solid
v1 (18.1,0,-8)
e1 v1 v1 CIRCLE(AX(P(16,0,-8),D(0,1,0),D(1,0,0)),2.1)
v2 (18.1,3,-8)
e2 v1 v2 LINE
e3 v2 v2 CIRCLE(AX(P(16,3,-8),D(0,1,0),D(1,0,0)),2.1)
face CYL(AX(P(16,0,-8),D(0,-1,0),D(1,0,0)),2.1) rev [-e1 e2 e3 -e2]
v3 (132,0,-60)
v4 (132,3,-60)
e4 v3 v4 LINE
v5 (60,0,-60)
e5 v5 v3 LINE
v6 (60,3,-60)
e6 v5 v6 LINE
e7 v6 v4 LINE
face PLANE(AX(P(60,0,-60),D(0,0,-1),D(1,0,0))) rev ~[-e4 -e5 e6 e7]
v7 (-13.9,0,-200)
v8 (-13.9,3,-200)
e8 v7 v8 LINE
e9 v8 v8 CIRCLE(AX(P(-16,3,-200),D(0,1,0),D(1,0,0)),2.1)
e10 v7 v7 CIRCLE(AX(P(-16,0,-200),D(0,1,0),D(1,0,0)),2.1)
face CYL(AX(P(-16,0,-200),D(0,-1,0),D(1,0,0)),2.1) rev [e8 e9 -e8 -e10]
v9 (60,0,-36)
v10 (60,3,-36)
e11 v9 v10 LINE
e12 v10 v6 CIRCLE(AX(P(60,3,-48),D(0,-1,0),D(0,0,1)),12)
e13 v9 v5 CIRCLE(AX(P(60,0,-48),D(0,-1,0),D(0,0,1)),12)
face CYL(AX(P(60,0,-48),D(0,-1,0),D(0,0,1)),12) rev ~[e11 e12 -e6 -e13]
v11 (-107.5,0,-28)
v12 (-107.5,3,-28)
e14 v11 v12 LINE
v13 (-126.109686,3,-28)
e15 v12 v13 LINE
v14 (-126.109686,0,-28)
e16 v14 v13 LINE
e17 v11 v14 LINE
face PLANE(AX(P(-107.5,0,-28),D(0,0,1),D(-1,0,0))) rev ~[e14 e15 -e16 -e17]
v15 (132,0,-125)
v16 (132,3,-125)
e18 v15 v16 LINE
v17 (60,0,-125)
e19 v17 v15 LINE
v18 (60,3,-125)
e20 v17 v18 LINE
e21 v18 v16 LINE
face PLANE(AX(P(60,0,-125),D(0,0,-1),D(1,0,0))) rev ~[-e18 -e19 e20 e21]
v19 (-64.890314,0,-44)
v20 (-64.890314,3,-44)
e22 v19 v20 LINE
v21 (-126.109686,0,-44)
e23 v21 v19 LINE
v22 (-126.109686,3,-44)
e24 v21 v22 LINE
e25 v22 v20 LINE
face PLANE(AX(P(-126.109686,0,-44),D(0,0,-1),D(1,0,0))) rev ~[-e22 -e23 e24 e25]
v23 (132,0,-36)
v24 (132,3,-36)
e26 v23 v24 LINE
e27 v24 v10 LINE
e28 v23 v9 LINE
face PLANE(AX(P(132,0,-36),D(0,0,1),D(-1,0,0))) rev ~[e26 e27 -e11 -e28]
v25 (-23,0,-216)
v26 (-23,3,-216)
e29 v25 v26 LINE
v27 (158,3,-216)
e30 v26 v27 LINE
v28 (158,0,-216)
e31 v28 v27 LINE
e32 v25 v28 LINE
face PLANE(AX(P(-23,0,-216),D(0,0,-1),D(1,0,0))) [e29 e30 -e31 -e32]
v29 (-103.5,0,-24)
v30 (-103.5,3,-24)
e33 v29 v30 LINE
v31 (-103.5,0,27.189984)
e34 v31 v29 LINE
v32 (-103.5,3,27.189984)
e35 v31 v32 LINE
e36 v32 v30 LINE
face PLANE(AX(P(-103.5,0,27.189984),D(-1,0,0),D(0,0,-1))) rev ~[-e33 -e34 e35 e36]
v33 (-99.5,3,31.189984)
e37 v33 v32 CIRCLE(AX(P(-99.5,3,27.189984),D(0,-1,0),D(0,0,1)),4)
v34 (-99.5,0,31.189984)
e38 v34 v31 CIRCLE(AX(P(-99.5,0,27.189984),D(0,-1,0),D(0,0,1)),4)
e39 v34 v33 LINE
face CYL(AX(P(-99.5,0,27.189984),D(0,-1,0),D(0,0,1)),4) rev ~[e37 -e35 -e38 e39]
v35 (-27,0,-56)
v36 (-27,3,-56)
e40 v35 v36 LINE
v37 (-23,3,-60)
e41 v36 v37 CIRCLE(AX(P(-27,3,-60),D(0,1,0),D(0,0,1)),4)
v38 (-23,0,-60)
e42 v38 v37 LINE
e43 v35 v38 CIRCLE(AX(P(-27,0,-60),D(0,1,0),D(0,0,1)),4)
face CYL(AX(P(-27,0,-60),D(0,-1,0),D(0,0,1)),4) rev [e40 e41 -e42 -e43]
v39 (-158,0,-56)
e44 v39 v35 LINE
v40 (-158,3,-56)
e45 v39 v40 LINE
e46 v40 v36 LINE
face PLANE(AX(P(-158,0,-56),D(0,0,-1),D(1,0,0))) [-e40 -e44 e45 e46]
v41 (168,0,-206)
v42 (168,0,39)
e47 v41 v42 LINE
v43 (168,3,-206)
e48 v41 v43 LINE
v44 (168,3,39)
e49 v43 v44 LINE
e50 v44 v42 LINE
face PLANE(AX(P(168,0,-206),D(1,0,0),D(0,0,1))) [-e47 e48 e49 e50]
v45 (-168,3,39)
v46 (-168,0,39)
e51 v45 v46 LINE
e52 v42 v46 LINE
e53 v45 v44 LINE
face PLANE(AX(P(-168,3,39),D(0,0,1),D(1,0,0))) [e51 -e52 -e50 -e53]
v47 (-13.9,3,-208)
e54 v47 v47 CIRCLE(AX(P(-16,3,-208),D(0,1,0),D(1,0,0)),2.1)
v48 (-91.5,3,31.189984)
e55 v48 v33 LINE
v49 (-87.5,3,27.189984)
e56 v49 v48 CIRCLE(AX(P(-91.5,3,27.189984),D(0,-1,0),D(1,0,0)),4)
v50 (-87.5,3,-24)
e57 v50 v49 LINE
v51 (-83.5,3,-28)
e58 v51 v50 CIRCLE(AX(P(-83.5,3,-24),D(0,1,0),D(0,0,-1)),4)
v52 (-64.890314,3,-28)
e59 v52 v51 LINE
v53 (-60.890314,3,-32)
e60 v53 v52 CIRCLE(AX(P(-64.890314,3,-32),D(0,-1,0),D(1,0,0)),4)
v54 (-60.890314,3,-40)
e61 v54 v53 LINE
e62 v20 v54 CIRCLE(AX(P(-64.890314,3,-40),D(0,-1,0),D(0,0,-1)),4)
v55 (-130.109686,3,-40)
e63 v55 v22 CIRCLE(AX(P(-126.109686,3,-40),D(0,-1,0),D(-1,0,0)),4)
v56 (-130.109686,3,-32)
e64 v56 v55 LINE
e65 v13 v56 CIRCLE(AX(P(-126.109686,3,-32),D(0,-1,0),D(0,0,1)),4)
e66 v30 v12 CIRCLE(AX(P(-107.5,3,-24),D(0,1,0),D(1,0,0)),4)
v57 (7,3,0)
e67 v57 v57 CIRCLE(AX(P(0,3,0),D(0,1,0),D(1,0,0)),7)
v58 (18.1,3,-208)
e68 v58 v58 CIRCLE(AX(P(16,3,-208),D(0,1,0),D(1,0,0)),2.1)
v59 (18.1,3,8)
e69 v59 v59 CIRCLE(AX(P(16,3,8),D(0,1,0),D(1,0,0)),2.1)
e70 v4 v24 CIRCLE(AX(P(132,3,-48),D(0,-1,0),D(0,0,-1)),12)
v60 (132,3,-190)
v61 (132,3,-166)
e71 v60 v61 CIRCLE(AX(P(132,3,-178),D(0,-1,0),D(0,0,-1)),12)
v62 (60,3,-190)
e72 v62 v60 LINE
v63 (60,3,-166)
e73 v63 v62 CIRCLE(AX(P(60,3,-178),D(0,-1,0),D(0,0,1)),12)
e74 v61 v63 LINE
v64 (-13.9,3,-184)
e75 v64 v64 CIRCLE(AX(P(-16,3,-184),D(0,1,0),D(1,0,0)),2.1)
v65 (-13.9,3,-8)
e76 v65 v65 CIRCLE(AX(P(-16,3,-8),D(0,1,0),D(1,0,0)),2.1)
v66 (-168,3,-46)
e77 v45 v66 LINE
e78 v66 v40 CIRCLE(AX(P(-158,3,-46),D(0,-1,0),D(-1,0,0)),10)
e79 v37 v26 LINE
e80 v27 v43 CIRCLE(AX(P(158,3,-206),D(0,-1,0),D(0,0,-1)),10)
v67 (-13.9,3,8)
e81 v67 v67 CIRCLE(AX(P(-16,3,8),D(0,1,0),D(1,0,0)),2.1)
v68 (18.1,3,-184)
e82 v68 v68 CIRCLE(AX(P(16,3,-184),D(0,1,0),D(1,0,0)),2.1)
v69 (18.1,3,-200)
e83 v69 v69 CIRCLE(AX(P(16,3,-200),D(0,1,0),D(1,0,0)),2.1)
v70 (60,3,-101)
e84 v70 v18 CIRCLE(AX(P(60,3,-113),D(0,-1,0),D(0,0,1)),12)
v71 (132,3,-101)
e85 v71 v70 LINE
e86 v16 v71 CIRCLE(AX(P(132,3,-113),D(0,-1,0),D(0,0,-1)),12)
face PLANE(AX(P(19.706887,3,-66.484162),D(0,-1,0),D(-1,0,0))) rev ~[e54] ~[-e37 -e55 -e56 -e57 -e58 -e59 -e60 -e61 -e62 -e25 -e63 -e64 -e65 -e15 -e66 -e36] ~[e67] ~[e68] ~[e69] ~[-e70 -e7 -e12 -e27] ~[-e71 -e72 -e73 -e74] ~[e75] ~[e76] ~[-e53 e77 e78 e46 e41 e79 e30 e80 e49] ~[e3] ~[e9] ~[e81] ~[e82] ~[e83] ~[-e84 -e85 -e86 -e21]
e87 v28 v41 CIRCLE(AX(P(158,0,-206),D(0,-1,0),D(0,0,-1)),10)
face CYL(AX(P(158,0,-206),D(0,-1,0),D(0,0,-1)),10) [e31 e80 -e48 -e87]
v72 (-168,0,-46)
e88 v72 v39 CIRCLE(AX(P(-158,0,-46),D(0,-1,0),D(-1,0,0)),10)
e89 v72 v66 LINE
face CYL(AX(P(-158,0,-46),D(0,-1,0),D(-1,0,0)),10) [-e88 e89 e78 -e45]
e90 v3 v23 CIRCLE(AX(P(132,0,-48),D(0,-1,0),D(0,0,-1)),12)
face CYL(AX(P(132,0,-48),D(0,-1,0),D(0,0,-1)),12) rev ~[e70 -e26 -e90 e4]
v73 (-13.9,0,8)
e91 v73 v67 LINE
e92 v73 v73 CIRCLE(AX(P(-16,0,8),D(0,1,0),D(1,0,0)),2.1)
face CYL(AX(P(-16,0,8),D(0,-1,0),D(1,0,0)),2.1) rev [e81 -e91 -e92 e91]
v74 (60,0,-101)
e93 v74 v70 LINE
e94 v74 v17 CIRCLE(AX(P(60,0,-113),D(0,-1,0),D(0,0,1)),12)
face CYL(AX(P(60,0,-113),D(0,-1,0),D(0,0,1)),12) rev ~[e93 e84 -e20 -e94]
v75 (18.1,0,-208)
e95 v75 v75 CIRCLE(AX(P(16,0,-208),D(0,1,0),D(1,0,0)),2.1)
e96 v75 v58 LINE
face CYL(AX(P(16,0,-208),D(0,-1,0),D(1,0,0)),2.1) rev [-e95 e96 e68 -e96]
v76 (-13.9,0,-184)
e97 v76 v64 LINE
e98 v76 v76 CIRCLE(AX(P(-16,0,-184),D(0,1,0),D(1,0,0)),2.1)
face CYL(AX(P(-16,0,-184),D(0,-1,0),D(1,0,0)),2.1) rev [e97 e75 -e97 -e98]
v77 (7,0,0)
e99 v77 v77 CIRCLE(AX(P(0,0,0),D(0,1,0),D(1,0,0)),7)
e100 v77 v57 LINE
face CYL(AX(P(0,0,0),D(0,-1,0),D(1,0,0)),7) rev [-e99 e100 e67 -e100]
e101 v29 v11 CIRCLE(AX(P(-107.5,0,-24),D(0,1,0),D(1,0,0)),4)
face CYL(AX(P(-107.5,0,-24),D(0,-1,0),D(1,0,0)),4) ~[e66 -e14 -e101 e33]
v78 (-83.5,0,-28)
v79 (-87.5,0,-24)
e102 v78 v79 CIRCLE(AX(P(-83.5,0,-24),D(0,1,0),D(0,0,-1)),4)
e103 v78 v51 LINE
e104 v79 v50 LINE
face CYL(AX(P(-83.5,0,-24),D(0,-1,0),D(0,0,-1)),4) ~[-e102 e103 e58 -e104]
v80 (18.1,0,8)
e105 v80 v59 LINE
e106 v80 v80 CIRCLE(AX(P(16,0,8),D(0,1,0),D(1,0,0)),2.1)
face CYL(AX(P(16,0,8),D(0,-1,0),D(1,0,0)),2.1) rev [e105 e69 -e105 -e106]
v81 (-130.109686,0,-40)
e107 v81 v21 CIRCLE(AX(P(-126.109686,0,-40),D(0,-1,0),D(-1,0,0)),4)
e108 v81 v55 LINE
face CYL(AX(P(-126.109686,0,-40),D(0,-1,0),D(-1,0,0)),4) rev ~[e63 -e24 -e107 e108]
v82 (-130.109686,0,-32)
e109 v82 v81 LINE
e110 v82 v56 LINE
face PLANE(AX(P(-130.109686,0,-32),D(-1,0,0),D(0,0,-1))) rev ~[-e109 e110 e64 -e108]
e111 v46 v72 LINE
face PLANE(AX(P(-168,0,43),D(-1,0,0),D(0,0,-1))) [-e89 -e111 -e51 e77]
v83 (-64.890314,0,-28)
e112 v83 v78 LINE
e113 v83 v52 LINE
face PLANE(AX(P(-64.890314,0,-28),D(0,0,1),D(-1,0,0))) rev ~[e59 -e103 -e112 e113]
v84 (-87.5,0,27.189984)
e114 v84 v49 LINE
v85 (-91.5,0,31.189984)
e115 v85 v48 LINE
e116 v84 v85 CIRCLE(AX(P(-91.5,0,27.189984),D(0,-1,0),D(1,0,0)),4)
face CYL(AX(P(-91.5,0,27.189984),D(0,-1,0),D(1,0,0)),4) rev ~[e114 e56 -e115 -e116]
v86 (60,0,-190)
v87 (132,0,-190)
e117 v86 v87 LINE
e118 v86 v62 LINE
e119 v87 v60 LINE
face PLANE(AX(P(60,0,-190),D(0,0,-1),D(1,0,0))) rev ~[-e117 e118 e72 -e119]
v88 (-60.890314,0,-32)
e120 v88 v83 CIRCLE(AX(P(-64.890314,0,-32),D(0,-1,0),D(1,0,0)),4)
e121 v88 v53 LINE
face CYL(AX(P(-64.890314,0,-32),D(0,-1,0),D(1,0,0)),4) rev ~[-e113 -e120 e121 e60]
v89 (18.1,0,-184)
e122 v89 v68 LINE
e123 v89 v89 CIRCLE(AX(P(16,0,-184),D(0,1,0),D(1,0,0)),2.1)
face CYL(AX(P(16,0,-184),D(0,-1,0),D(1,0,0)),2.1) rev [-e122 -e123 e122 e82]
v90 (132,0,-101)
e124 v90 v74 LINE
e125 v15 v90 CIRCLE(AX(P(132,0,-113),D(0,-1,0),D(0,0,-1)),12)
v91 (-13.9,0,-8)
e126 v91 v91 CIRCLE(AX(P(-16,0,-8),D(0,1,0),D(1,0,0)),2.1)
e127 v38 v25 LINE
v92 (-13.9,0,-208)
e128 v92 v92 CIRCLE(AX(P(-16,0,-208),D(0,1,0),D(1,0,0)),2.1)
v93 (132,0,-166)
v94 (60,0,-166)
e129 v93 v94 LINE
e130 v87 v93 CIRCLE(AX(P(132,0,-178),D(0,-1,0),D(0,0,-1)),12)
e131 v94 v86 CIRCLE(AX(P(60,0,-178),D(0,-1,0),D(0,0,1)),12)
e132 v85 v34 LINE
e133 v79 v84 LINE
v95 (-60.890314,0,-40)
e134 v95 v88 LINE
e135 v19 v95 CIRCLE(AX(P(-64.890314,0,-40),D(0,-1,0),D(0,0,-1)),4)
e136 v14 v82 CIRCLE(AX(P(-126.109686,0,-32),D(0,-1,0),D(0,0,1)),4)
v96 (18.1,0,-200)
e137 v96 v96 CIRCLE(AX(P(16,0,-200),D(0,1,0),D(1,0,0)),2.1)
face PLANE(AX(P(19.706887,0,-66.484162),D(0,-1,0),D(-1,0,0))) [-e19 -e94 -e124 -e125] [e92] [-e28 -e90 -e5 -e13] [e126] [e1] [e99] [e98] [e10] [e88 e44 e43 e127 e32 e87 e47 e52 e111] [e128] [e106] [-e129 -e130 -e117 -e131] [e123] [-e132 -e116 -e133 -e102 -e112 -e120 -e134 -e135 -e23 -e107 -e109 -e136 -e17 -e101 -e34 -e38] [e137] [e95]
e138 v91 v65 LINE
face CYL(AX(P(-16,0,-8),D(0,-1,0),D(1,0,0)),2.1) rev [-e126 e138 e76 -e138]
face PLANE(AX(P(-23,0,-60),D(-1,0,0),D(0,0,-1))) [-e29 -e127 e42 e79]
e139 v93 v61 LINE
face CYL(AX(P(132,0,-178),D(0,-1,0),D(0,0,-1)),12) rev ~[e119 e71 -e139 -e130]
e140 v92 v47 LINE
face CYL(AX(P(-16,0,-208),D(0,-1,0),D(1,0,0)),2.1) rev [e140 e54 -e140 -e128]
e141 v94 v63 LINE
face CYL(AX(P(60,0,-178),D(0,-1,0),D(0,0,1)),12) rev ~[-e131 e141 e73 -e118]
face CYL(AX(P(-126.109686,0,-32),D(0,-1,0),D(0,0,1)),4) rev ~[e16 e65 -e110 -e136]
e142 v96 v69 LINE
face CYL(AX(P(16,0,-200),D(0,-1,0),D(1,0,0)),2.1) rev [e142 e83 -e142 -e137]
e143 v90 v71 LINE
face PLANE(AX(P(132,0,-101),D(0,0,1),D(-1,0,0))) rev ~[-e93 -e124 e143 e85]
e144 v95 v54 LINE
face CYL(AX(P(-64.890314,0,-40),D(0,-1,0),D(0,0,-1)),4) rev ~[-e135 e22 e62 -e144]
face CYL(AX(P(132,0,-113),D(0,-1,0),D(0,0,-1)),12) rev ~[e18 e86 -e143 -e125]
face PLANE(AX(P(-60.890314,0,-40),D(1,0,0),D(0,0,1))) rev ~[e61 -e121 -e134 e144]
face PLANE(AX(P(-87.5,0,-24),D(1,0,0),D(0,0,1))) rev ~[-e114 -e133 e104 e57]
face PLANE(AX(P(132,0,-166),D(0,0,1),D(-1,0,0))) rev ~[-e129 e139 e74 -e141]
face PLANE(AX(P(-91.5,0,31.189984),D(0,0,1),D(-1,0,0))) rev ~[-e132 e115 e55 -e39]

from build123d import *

# Parameters (mm, degrees)
SKETCH1_R               = 7
SKETCH1_R_2             = 2.1
BOSS_EXTRUDE1_DEPTH     = 3
SKETCH2_W               = 336
SKETCH2_H               = 4
CUT_EXTRUDE1_DEPTH      = 1
CUT_EXTRUDE1_DEPTH_BACK = 4


with BuildPart() as part:
    # Sketch1 → Boss-Extrude1 (new body)
    with BuildSketch(Plane(origin=(0, 0, 0), x_dir=(1, 0, 0), z_dir=(0, 1, 0))):
        with BuildLine():
            Line((-23, 216), (158, 216))
            ThreePointArc((158, 216), (165.071067812, 213.071067812), (168, 206))
            Line((168, 206), (168, -43))
            Line((168, -43), (-168, -43))
            Line((-168, -43), (-168, 46))
            ThreePointArc((-168, 46), (-165.071067812, 53.071067812), (-158, 56))
            Line((-158, 56), (-27, 56))
            ThreePointArc((-27, 56), (-24.171572875, 57.171572875), (-23, 60))
            Line((-23, 60), (-23, 216))
        make_face()
        Circle(SKETCH1_R, mode=Mode.SUBTRACT)
        with Locations((16, 8)):
            Circle(SKETCH1_R_2, mode=Mode.SUBTRACT)
        with Locations((16, -8)):
            Circle(SKETCH1_R_2, mode=Mode.SUBTRACT)
        with Locations((16, 208)):
            Circle(SKETCH1_R_2, mode=Mode.SUBTRACT)
        with Locations((16, 184)):
            Circle(SKETCH1_R_2, mode=Mode.SUBTRACT)
        with Locations((16, 200)):
            Circle(SKETCH1_R_2, mode=Mode.SUBTRACT)
        with Locations((-16, 184)):
            Circle(SKETCH1_R_2, mode=Mode.SUBTRACT)
        with Locations((-16, 200)):
            Circle(SKETCH1_R_2, mode=Mode.SUBTRACT)
        with Locations((-16, 208)):
            Circle(SKETCH1_R_2, mode=Mode.SUBTRACT)
        with Locations((-16, -8)):
            Circle(SKETCH1_R_2, mode=Mode.SUBTRACT)
        with Locations((-16, 8)):
            Circle(SKETCH1_R_2, mode=Mode.SUBTRACT)
        with BuildLine():
            Line((-103.5, -27.189984024), (-103.5, 24))
            ThreePointArc((-103.5, 24), (-104.671572875, 26.828427125), (-107.5, 28))
            Line((-107.5, 28), (-126.109686491, 28))
            ThreePointArc((-126.109686491, 28), (-128.938113615, 29.171572875), (-130.109686491, 32))
            Line((-130.109686491, 32), (-130.109686491, 40))
            ThreePointArc((-130.109686491, 40), (-128.938113615, 42.828427125), (-126.109686491, 44))
            Line((-126.109686491, 44), (-64.890313509, 44))
            ThreePointArc((-64.890313509, 44), (-62.061886385, 42.828427125), (-60.890313509, 40))
            Line((-60.890313509, 40), (-60.890313509, 32))
            ThreePointArc((-60.890313509, 32), (-62.061886385, 29.171572875), (-64.890313509, 28))
            Line((-64.890313509, 28), (-83.5, 28))
            ThreePointArc((-83.5, 28), (-86.328427125, 26.828427125), (-87.5, 24))
            Line((-87.5, 24), (-87.5, -27.189984024))
            ThreePointArc((-87.5, -27.189984024), (-88.671572875, -30.018411149), (-91.5, -31.189984024))
            Line((-91.5, -31.189984024), (-99.5, -31.189984024))
            ThreePointArc((-99.5, -31.189984024), (-102.328427125, -30.018411149), (-103.5, -27.189984024))
        make_face(mode=Mode.SUBTRACT)
        with BuildLine():
            Line((60, 60), (132, 60))
            ThreePointArc((132, 60), (144, 48), (132, 36))
            Line((132, 36), (60, 36))
            ThreePointArc((60, 36), (48, 48), (60, 60))
        make_face(mode=Mode.SUBTRACT)
        with BuildLine():
            Line((60, 125), (132, 125))
            ThreePointArc((132, 125), (144, 113), (132, 101))
            Line((132, 101), (60, 101))
            ThreePointArc((60, 101), (48, 113), (60, 125))
        make_face(mode=Mode.SUBTRACT)
        with BuildLine():
            Line((60, 190), (132, 190))
            ThreePointArc((132, 190), (144, 178), (132, 166))
            Line((132, 166), (60, 166))
            ThreePointArc((60, 166), (48, 178), (60, 190))
        make_face(mode=Mode.SUBTRACT)
    extrude(amount=BOSS_EXTRUDE1_DEPTH)

    # Sketch2 → Cut-Extrude1 (cut, two sides)
    with BuildSketch(Plane(origin=(0, 3, 0), x_dir=(1, 0, 0), z_dir=(0, 1, 0))) as cut_extrude1_sk:
        with Locations((0, -41)):
            Rectangle(SKETCH2_W, SKETCH2_H)
    extrude(amount=CUT_EXTRUDE1_DEPTH, mode=Mode.SUBTRACT)
    extrude(cut_extrude1_sk.sketch, amount=-CUT_EXTRUDE1_DEPTH_BACK, mode=Mode.SUBTRACT)


solid = part.part
